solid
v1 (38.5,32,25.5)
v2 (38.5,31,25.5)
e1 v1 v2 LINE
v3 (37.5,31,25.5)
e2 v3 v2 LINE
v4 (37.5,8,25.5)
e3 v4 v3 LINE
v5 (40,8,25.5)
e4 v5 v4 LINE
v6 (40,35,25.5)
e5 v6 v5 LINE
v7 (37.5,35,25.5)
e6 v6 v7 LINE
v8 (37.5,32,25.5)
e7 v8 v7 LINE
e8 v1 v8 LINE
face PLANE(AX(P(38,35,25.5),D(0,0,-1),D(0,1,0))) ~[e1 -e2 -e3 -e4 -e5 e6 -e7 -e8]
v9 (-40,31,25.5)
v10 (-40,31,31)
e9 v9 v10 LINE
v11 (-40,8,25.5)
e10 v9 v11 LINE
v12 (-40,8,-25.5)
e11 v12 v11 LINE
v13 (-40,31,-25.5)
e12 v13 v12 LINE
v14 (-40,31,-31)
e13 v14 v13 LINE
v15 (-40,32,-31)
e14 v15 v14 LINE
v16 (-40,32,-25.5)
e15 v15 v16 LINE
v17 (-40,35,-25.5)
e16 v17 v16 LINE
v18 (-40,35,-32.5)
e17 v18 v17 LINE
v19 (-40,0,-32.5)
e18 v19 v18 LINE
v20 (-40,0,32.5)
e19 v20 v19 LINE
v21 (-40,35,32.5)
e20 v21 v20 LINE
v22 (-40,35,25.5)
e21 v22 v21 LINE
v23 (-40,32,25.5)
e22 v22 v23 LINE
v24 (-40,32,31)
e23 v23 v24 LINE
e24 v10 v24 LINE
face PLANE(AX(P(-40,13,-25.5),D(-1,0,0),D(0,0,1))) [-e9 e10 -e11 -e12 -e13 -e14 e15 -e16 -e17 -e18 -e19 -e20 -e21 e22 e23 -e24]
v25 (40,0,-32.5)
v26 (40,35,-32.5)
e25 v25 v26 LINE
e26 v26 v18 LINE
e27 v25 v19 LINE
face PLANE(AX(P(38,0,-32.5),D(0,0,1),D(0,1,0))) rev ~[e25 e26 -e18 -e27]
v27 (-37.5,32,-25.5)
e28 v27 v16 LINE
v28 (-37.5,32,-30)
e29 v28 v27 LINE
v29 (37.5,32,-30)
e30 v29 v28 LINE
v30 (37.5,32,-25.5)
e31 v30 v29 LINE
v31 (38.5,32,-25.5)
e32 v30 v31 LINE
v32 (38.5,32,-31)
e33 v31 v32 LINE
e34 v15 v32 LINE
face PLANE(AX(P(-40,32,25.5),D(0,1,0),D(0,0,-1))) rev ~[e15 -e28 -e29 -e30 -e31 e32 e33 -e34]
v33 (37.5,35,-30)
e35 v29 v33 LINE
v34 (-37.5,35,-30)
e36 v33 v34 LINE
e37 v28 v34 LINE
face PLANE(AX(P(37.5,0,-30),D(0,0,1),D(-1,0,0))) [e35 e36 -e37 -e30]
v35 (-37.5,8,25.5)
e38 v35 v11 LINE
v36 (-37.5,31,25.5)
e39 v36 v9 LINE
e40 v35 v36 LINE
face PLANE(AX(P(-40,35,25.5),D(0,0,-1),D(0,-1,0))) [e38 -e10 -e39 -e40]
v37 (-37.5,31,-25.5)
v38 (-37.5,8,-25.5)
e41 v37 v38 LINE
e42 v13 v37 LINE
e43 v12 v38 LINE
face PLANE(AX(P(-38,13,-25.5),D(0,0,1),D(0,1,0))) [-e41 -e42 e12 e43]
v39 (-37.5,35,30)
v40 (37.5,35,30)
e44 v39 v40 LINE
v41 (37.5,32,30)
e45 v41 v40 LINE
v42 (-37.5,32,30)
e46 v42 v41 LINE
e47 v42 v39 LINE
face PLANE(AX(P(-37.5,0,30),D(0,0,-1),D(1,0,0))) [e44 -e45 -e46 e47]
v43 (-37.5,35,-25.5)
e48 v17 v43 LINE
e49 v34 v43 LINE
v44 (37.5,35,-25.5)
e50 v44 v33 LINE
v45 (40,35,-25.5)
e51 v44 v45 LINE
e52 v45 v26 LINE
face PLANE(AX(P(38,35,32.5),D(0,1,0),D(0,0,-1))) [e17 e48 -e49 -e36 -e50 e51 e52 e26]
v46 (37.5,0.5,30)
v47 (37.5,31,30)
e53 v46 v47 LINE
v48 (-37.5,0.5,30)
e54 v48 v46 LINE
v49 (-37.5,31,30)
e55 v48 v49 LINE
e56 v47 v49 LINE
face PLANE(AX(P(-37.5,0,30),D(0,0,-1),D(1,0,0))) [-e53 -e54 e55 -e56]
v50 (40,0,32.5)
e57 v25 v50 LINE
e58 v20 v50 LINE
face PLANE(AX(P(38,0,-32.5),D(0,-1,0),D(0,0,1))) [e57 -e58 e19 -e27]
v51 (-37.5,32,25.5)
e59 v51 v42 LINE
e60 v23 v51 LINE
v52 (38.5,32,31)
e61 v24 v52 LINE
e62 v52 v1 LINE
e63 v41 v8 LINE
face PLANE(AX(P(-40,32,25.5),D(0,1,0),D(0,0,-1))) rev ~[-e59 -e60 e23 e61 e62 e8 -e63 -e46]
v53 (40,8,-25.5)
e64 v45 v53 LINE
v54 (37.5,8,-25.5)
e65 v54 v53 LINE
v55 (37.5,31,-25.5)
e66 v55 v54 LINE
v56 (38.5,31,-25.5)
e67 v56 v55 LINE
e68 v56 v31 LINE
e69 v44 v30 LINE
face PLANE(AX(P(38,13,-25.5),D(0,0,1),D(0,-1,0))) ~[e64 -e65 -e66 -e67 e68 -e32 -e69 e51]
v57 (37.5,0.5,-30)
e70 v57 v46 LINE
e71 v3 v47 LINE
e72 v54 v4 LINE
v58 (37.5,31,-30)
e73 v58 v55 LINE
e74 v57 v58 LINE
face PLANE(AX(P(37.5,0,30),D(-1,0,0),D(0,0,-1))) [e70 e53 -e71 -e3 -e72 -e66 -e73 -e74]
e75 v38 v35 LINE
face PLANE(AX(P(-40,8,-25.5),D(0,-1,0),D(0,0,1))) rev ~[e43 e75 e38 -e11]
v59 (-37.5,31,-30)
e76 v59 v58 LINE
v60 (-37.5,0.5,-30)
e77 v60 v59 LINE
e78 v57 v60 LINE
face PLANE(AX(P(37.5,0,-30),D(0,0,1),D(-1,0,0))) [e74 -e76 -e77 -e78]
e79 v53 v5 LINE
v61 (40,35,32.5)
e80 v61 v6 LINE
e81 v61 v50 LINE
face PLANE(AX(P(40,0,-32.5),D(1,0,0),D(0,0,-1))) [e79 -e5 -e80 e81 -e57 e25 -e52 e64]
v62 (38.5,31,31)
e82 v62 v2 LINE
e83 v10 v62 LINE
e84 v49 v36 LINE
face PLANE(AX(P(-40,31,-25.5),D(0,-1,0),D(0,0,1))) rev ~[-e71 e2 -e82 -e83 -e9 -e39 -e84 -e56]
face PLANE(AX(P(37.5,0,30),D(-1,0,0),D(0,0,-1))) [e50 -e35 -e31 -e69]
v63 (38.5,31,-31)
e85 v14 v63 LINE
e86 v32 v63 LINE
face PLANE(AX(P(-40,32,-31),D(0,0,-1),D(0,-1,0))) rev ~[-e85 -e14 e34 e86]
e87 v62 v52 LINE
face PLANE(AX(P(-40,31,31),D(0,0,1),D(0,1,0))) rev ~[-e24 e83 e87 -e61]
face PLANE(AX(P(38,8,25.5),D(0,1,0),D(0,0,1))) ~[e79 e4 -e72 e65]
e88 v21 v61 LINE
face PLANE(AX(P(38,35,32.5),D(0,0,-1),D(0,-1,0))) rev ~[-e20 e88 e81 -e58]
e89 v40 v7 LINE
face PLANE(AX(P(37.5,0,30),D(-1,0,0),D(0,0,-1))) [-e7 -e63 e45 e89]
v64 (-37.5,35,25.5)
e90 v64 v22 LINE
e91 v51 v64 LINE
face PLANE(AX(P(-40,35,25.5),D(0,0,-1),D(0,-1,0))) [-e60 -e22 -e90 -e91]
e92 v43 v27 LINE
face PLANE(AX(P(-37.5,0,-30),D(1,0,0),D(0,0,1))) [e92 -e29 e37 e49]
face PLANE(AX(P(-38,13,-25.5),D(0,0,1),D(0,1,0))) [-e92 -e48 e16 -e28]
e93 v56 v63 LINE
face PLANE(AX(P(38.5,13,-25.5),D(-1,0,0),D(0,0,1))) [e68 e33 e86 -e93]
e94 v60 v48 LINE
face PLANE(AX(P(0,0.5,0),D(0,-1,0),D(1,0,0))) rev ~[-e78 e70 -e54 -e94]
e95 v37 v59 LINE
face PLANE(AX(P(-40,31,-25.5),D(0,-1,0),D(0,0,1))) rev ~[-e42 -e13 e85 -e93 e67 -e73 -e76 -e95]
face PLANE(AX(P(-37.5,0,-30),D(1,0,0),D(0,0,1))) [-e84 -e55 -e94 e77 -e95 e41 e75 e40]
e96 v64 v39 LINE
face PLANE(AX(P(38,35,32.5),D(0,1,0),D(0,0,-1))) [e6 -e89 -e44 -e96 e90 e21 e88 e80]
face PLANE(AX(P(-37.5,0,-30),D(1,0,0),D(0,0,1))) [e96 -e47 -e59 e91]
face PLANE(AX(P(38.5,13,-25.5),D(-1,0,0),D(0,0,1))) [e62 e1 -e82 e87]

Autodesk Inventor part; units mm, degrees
ref_plane "YZ Plane" through (0, 0, 0) normal (1, 0, 0) x (0, 1, 0)
ref_plane "XZ Plane" through (0, 0, 0) normal (0, 1, 0) x (-1, 0, 0)
sketch "Sketch1" plane through (0, 0, 0) normal (0, 1, 0) x (-1, 0, 0)
  line L0 (37.5, 30) -> (-37.5, 30)
  line L1 (-37.5, 30) -> (-37.5, -30)
  line L2 (-37.5, -30) -> (37.5, -30)
  line L3 (37.5, -30) -> (37.5, 30)
  line L4 (37.5, 30) -> (-37.5, -30) construction
  line L5 (-37.5, 30) -> (37.5, -30) construction
  line L6 (38, 30.5) -> (-38, 30.5)
  line L7 (-38, 30.5) -> (-38, -30.5)
  line L8 (-38, -30.5) -> (38, -30.5)
  line L9 (38, -30.5) -> (38, 30.5)
  line L10 (38, 30.5) -> (-38, -30.5) construction
  line L11 (-38, 30.5) -> (38, -30.5) construction
  point P0 (0, 0)
  dimension "d0" = 75
  dimension "d1" = 60
  dimension "d2" = 76
  dimension "d3" = 61
extrude "Extrusion1" add sketch "Sketch1" along normal blind 35
sketch "Sketch2" plane through (0, 0, 0) normal (0, -1, 0) x (1, 0, 0)
  line L0 (37.5, -30) -> (37.5, 30) projected
  line L1 (-37.5, 30) -> (37.5, 30)
  line L2 (37.5, 30) -> (37.5, -30)
  line L3 (37.5, -30) -> (-37.5, -30)
  line L4 (-37.5, -30) -> (-37.5, 30)
  line L5 (-37.5, 30) -> (37.5, -30) construction
  line L6 (37.5, 30) -> (-37.5, -30) construction
  point P0 (0, 0)
extrude "Extrusion2" add sketch "Sketch2" against normal blind 0.5
sketch "Sketch4" plane through (-38, 0, -30.5) normal (-1, 0, 0) x (0, 0, 1)
  line L0 (61, 35) -> (0, 35) projected
  line L1 (0, 35) -> (5, 35)
  line L2 (61, 35) -> (56, 35)
  line L3 (30.5, 0) -> (30.5, 8)
  line L4 (5, 35) -> (56, 35)
  line L5 (56, 35) -> (56, 13)
  line L6 (56, 13) -> (5, 13)
  line L7 (5, 13) -> (5, 35)
  line L8 (5, 35) -> (56, 35)
  line L9 (56, 35) -> (56, 8)
  line L10 (56, 8) -> (5, 8)
  line L11 (5, 8) -> (5, 35)
  point P0 (5, 13)
  dimension "d8" = 5
  dimension "d9" = 5
  dimension "d10" = 8
extrude "Extrusion3" cut sketch "Sketch4" against normal blind 30
sketch "Sketch6" plane through (38, 0, -30.5) normal (0, 0, -1) x (-1, 0, 0)
  line L0 (0, 0) -> (0, 35) projected
  line L1 (0, 0) -> (76, 0) projected
  line L2 (0, 35) -> (76, 35)
  line L3 (76, 35) -> (76, 0)
  line L4 (76, 0) -> (0, 0)
  line L5 (0, 0) -> (0, 35)
  point P0 (38, 0)
extrude "Extrusion4" add sketch "Sketch6" along normal blind 2
sketch "Sketch7" plane through (-38, 0, 30.5) normal (0, 0, 1) x (1, 0, 0)
  line L0 (76, 0) -> (76, 35) projected
  line L1 (0, 0) -> (0, 35) projected
  line L2 (76, 35) -> (0, 35)
  line L3 (0, 35) -> (0, 0)
  line L4 (0, 0) -> (76, 0)
  line L5 (76, 0) -> (76, 35)
  point P0 (38, 0)
  point P1 (0, 35)
extrude "Extrusion5" add sketch "Sketch7" along normal blind 2
sketch "Sketch8" plane through (-38, 13, -25.5) normal (-1, 0, 0) x (0, 0, 1)
  line L0 (0, 22) -> (-7, 22) projected
  line L1 (58, -13) -> (-7, -13) projected
  line L2 (-7, 22) -> (58, 22)
  line L3 (58, 22) -> (58, -13)
  line L4 (58, -13) -> (-7, -13)
  line L5 (-7, -13) -> (-7, 22)
  point P0 (25.5, -13)
  point P1 (0, 22)
  point P2 (-7, -13)
extrude "Extrusion6" add sketch "Sketch8" along normal blind 2
sketch "Sketch10" plane through (38, 0, -32.5) normal (1, 0, 0) x (0, 0, -1)
  line L0 (-65, 35) -> (0, 35) projected
  line L1 (0, 0) -> (-65, 0) projected
  line L2 (0, 35) -> (-65, 35)
  line L3 (-65, 35) -> (-65, 0)
  line L4 (-65, 0) -> (0, 0)
  line L5 (0, 0) -> (0, 35)
  point P0 (-32.5, 0)
  point P1 (-7, 35)
  point P2 (-7, 35)
extrude "Extrusion8" add sketch "Sketch10" along normal blind 2
sketch "Sketch12" plane through (-40, 13, -25.5) normal (-1, 0, 0) x (0, 0, 1)
  line L0 (0, 22) -> (0, -5) projected
  line L1 (0, -5) -> (51, -5) projected
  line L2 (0, 22) -> (51, 22)
  line L3 (51, 22) -> (51, -5)
  line L4 (51, -5) -> (0, -5)
  line L5 (0, -5) -> (0, 22)
  point P0 (25.5, -13)
extrude "Extrusion9" cut sketch "Sketch12" against normal blind 30
ref_plane "Work Plane2" through (0, 13, -25.5) normal (-1, 0, 0) x (0, 0, 1)
mirror "Mirror3" about plane through (0, 13, -25.5) normal (-1, 0, 0) of "Extrusion3", "Extrusion9"
sketch "Sketch13" plane through (-40, 13, -25.5) normal (-1, 0, 0) x (0, 0, 1)
  line L0 (0, 22) -> (0, -5) projected
  line L1 (0, 22) -> (0, 18)
  line L2 (51, -5) -> (51, 22) projected
  line L3 (51, 22) -> (51, 18)
  line L4 (-7, 22) -> (-7, -13) projected
  line L5 (-7, 18) -> (-5.5, 18)
  line L6 (-7, 18) -> (-5.5, 18) construction
  line L7 (51, 22) -> (51, 18)
  line L8 (58, -13) -> (58, 22) projected
  line L9 (58, 18) -> (56.5, 18)
  line L10 (-5.5, 18) -> (56.5, 18)
  line L11 (56.5, 18) -> (56.5, 19)
  line L12 (56.5, 19) -> (-5.5, 19)
  line L13 (-5.5, 19) -> (-5.5, 18)
  point P0 (25.5, -13)
  dimension "d25" = 4
  dimension "d26" = 1.5
  dimension "d27" = 0
  dimension "d28" = 4
  dimension "d29" = 1.5
  dimension "d30" = 1
extrude "Extrusion10" cut sketch "Sketch13" against normal blind 78.5
properties part number "3 Pzem test"
